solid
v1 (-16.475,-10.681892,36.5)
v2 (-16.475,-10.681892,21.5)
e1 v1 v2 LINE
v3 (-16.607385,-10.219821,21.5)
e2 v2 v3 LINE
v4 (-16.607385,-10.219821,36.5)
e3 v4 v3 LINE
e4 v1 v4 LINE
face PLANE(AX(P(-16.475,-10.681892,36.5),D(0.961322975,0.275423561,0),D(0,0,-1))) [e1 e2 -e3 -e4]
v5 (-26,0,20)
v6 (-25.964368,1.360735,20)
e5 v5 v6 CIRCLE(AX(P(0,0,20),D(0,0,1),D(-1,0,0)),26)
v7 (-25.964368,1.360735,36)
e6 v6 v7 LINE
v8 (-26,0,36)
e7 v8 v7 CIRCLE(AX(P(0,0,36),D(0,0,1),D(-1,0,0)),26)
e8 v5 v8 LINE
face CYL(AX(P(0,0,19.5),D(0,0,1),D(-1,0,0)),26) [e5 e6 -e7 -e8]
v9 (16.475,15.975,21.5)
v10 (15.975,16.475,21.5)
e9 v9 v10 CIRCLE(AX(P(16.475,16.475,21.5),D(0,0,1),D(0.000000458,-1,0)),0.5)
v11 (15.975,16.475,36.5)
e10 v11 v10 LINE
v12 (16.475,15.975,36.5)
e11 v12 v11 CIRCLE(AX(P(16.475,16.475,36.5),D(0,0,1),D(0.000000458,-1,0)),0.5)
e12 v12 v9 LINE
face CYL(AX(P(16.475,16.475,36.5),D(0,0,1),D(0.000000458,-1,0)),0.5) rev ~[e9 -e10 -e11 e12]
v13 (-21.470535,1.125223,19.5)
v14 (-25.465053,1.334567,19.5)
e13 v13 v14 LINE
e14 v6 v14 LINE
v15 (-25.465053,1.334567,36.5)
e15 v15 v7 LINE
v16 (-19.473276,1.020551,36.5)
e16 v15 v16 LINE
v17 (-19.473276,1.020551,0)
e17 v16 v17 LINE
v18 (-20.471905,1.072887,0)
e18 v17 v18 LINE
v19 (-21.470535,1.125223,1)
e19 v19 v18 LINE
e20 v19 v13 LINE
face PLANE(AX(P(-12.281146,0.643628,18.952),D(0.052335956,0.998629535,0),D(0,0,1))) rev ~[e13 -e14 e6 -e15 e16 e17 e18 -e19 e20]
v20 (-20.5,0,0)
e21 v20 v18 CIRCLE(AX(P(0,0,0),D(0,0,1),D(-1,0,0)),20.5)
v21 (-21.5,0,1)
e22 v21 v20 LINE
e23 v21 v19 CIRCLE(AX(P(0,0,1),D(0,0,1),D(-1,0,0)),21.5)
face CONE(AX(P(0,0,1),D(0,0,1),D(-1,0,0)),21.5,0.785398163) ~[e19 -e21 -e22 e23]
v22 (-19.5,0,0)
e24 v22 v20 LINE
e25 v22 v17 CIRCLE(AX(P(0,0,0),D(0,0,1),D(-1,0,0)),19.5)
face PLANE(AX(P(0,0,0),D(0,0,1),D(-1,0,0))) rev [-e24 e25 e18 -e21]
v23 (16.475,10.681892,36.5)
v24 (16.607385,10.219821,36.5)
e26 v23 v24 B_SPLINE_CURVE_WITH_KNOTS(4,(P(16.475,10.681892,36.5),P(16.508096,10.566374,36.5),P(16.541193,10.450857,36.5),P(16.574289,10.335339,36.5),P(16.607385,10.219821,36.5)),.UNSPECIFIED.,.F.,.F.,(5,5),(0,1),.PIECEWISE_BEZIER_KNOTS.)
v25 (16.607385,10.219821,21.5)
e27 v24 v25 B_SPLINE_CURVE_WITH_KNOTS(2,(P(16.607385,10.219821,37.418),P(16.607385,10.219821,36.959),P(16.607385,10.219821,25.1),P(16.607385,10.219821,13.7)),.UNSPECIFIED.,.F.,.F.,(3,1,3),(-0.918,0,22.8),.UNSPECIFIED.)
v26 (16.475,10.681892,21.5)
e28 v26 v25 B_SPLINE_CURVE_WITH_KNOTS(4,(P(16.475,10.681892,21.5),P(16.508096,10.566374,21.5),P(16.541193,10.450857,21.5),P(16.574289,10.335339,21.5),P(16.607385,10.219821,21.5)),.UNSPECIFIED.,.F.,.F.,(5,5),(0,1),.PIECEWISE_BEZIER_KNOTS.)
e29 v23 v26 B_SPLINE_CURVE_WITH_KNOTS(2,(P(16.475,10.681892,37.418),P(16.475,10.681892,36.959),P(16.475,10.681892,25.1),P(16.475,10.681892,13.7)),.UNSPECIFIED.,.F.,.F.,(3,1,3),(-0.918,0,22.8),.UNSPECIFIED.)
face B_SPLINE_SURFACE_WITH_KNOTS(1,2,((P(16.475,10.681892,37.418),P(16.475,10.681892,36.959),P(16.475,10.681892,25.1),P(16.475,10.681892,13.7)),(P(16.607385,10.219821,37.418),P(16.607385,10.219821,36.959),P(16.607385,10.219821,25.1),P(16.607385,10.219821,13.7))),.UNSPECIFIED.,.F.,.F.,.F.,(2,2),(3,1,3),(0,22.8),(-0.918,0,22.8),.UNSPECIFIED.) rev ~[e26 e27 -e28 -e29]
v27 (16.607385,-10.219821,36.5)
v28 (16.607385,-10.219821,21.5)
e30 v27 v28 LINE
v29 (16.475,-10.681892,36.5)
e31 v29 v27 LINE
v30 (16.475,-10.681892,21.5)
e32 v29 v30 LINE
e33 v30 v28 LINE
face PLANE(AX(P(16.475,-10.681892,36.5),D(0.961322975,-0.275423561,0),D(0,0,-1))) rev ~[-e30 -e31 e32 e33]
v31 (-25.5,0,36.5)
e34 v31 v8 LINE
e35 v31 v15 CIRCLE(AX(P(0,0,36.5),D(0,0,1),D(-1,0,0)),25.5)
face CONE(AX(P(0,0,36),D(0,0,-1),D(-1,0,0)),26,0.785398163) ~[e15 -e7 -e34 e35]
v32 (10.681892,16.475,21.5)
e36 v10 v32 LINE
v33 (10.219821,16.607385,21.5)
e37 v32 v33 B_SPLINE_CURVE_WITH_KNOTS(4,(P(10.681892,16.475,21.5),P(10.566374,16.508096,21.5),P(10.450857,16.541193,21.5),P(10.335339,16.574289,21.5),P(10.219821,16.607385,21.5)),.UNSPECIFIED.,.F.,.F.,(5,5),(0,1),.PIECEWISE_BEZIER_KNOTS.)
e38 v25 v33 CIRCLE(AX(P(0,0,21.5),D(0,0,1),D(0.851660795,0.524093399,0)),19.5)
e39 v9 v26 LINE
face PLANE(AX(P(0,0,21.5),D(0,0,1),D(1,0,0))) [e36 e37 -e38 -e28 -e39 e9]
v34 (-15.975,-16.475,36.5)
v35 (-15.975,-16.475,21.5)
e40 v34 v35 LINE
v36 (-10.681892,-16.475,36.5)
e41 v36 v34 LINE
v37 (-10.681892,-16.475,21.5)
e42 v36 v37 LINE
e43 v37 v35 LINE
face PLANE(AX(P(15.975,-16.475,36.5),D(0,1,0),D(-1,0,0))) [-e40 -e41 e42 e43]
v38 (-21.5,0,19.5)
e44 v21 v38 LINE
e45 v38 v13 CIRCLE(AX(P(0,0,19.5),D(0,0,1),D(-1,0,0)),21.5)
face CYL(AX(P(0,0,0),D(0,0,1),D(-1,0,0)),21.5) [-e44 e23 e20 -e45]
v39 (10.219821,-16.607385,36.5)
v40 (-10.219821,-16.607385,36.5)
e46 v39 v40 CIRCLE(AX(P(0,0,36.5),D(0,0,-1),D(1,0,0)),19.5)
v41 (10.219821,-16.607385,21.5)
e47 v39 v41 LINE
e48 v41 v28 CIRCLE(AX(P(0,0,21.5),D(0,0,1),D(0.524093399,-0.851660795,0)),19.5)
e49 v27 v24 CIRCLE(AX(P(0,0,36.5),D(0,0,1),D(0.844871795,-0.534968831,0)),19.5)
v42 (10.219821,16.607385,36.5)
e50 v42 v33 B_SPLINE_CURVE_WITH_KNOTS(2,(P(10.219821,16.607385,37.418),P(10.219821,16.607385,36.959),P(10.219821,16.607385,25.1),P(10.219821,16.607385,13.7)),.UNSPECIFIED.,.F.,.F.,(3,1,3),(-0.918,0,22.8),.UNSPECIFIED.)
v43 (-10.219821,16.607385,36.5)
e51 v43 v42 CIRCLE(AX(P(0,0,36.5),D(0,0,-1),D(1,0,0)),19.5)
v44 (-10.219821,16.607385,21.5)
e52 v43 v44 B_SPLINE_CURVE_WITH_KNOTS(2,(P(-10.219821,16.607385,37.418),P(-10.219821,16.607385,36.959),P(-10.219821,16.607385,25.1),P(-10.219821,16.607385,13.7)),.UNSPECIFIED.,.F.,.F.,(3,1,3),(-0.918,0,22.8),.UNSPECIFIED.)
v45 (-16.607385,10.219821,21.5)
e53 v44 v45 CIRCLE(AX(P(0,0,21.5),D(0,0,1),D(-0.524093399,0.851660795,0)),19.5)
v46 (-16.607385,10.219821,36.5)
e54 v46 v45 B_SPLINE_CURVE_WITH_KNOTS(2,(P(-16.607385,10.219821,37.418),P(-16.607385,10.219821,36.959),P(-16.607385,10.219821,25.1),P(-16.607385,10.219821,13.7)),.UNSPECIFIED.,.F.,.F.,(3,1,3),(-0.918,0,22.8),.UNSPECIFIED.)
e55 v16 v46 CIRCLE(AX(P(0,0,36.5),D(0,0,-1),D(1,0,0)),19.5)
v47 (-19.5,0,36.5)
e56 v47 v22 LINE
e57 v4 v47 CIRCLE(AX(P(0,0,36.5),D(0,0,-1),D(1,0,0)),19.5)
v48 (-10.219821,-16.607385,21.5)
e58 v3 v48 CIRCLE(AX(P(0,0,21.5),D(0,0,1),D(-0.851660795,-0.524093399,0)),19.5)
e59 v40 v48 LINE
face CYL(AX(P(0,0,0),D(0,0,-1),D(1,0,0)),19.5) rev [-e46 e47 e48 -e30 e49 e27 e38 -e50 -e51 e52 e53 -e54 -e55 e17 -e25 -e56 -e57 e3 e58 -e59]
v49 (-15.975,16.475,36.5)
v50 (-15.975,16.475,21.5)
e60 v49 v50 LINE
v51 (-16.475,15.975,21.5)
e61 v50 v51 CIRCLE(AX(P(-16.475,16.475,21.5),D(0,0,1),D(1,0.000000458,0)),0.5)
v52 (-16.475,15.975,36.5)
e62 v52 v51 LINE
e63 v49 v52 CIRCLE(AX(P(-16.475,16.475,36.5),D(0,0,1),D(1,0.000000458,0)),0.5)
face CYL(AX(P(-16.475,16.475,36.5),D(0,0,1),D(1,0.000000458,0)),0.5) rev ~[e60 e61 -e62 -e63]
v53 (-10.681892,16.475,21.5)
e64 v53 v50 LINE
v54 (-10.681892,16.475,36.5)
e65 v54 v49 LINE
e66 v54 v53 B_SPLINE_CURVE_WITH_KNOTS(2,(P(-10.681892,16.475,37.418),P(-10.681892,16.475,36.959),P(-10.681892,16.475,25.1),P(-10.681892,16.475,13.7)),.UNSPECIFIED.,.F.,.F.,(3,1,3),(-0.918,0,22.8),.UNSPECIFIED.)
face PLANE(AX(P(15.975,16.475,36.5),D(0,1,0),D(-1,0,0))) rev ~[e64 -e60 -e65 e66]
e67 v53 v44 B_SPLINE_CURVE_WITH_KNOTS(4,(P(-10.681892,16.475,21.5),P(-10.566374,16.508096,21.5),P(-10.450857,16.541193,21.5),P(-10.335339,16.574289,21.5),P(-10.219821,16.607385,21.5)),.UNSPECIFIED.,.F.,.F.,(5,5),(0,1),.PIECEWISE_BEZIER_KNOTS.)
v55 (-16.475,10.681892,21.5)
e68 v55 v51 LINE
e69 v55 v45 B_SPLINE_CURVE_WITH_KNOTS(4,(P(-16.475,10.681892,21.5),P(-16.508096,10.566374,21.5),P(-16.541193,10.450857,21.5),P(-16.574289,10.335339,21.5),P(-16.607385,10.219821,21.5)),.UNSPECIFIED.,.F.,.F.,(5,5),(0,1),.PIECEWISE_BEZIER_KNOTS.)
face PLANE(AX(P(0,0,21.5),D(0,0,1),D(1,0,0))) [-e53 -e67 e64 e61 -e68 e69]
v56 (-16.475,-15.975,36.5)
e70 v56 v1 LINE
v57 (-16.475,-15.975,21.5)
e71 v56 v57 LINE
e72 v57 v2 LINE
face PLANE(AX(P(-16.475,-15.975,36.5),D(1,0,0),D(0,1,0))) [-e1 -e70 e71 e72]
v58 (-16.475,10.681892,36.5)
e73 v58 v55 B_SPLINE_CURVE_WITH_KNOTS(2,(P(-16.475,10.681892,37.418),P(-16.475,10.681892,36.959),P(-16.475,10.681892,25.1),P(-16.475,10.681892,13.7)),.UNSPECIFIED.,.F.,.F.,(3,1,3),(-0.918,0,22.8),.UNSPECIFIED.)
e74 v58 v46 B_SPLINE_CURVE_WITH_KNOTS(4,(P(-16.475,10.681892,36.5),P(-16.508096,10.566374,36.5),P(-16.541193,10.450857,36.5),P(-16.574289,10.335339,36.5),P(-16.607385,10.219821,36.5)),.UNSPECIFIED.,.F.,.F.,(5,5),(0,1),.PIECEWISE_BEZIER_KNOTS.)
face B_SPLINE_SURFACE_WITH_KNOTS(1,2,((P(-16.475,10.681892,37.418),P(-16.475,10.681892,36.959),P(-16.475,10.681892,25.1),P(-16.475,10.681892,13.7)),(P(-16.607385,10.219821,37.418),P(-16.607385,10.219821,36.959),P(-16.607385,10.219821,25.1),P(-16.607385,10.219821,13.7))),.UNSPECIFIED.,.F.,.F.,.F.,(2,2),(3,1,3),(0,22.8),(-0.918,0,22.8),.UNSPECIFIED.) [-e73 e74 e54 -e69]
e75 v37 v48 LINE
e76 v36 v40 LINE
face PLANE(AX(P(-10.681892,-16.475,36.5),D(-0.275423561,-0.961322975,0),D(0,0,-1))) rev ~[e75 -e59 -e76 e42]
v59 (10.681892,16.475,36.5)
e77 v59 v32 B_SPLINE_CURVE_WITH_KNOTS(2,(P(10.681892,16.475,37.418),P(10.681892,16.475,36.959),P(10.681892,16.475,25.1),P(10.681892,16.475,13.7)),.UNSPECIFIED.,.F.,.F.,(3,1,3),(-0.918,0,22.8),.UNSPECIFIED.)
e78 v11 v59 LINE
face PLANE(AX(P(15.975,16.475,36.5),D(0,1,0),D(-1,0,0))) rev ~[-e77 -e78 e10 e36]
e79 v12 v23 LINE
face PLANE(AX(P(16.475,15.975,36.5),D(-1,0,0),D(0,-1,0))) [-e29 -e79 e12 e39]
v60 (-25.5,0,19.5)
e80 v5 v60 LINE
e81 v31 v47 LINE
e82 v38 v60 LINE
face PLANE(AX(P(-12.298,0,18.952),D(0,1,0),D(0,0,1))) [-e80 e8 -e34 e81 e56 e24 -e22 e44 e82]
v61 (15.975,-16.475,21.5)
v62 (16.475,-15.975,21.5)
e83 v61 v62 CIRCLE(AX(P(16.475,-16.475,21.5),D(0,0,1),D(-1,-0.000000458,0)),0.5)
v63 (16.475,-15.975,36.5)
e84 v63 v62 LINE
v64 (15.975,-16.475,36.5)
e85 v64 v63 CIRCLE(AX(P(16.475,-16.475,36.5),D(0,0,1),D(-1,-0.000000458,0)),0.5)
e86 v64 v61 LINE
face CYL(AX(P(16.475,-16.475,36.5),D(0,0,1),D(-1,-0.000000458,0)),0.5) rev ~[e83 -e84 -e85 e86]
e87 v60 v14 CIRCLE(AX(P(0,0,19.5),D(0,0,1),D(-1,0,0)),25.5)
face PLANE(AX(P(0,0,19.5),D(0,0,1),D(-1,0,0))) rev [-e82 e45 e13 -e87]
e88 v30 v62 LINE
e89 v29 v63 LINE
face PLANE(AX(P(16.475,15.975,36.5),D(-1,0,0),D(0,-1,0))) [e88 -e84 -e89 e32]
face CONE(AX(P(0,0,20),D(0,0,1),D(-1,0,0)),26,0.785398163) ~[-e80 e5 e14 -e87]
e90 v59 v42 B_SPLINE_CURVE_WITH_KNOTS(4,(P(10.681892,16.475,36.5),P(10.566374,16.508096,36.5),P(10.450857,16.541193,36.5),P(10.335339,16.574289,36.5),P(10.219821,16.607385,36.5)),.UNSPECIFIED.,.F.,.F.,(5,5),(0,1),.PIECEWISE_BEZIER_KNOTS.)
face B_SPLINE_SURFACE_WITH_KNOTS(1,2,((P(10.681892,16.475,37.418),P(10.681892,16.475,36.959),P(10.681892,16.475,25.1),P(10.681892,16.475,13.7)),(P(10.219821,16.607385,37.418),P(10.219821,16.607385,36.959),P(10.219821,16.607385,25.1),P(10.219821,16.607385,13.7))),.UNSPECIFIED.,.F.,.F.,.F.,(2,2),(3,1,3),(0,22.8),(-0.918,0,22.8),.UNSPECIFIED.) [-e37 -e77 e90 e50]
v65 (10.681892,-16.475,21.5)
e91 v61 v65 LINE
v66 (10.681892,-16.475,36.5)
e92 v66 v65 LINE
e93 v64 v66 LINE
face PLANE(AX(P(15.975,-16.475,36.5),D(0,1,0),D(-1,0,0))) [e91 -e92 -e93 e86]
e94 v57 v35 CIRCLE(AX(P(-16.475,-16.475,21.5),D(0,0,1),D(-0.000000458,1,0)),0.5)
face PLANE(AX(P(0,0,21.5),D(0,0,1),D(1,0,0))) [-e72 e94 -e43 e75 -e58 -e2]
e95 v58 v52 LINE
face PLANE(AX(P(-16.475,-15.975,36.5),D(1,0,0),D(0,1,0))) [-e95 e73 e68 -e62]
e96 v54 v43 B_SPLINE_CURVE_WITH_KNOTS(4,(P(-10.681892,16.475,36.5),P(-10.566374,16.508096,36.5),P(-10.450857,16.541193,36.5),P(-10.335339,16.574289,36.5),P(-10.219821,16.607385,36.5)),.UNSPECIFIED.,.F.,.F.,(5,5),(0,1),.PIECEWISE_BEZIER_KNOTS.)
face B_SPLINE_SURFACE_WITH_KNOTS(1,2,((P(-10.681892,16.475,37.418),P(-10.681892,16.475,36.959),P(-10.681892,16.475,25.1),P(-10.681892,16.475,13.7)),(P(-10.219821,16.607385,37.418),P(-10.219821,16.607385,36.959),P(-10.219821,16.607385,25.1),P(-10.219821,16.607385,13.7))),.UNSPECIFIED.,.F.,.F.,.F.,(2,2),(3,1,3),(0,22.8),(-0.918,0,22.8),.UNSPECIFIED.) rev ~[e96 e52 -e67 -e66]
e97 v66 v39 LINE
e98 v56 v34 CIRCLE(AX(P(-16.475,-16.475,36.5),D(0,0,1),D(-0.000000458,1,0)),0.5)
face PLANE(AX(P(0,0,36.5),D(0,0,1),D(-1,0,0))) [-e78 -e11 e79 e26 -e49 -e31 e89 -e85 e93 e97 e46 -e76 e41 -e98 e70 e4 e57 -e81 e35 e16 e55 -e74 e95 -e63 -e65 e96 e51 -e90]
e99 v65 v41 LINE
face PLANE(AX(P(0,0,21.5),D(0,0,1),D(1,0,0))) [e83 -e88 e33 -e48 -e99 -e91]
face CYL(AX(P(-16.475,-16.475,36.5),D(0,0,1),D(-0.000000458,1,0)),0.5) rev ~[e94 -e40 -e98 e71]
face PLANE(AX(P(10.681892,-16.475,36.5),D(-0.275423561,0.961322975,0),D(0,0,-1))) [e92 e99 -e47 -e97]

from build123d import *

# Parameters (mm, degrees)
REVOLUTION_ANGLE = -357
SKETCH002_R      = 19.5
POCKET_DEPTH     = 36.501
POCKET001_DEPTH  = 15
CHAMFER_SIZE     = 0.25
CHAMFER001_SIZE  = 0.5
CHAMFER002_SIZE  = 0.5
CHAMFER003_SIZE  = 1


with BuildPart() as part:
    # Sketch → Revolution (revolve)
    with BuildSketch(Plane(origin=(0, 0, 0), x_dir=(0, 0, -1), z_dir=(0, -1, 0))):
        Polygon((-36.5, 0), (0, 0), (0, -21.5), (-19.5, -21.5), (-19.5, -26), (-36.5, -26), align=None)
    revolve(axis=Axis((0, 0, 0), (0, 0, -1)), revolution_arc=REVOLUTION_ANGLE)

    # Sketch002 → Pocket (cut, through all)
    with BuildSketch(Plane.XY):
        Circle(SKETCH002_R)
    extrude(amount=POCKET_DEPTH, mode=Mode.SUBTRACT)

    # Sketch001 → Pocket001 (cut)
    with BuildSketch(Plane.XY.offset(36.5)):
        with BuildLine():
            ThreePointArc((-15.975, 16.475), (-16.828553, 16.828553), (-16.475, 15.975))
            Line((-16.475, -15.975), (-16.475, 15.975))
            ThreePointArc((-16.475, -15.975), (-16.828553, -16.828553), (-15.975, -16.475))
            Line((15.975, -16.475), (-15.975, -16.475))
            ThreePointArc((15.975, -16.475), (16.828553, -16.828553), (16.475, -15.975))
            Line((16.475, 15.975), (16.475, -15.975))
            ThreePointArc((16.475, 15.975), (16.828553, 16.828553), (15.975, 16.475))
            Line((15.975, 16.475), (-15.975, 16.475))
        make_face()
    extrude(amount=-POCKET001_DEPTH, mode=Mode.SUBTRACT)

    # Chamfer
    chamfer_edges = [part.edges().sort_by_distance(p)[0] for p in [
        (-16.475, -10.431892, 29),
        (-10.431892, -16.475, 29),
        (10.431892, -16.475, 29),
        (16.475, -10.431892, 29),
        (-16.475, 10.431892, 29),
        (-10.431892, 16.475, 29),
        (10.431892, 16.475, 29),
        (16.475, 10.431892, 29),
    ]]
    chamfer(chamfer_edges, length=CHAMFER_SIZE)

    # Chamfer001
    chamfer001_edges = [part.edges().sort_by_distance(p)[0] for p in [
        (25.99109, -0.680601, 36.5),
    ]]
    chamfer(chamfer001_edges, length=CHAMFER001_SIZE)

    # Chamfer002
    chamfer002_edges = [part.edges().sort_by_distance(p)[0] for p in [
        (25.99109, -0.680601, 19.5),
    ]]
    chamfer(chamfer002_edges, length=CHAMFER002_SIZE)

    # Chamfer003
    chamfer003_edges = [part.edges().sort_by_distance(p)[0] for p in [
        (21.492632, -0.562804, 0),
    ]]
    chamfer(chamfer003_edges, length=CHAMFER003_SIZE)


solid = part.part
